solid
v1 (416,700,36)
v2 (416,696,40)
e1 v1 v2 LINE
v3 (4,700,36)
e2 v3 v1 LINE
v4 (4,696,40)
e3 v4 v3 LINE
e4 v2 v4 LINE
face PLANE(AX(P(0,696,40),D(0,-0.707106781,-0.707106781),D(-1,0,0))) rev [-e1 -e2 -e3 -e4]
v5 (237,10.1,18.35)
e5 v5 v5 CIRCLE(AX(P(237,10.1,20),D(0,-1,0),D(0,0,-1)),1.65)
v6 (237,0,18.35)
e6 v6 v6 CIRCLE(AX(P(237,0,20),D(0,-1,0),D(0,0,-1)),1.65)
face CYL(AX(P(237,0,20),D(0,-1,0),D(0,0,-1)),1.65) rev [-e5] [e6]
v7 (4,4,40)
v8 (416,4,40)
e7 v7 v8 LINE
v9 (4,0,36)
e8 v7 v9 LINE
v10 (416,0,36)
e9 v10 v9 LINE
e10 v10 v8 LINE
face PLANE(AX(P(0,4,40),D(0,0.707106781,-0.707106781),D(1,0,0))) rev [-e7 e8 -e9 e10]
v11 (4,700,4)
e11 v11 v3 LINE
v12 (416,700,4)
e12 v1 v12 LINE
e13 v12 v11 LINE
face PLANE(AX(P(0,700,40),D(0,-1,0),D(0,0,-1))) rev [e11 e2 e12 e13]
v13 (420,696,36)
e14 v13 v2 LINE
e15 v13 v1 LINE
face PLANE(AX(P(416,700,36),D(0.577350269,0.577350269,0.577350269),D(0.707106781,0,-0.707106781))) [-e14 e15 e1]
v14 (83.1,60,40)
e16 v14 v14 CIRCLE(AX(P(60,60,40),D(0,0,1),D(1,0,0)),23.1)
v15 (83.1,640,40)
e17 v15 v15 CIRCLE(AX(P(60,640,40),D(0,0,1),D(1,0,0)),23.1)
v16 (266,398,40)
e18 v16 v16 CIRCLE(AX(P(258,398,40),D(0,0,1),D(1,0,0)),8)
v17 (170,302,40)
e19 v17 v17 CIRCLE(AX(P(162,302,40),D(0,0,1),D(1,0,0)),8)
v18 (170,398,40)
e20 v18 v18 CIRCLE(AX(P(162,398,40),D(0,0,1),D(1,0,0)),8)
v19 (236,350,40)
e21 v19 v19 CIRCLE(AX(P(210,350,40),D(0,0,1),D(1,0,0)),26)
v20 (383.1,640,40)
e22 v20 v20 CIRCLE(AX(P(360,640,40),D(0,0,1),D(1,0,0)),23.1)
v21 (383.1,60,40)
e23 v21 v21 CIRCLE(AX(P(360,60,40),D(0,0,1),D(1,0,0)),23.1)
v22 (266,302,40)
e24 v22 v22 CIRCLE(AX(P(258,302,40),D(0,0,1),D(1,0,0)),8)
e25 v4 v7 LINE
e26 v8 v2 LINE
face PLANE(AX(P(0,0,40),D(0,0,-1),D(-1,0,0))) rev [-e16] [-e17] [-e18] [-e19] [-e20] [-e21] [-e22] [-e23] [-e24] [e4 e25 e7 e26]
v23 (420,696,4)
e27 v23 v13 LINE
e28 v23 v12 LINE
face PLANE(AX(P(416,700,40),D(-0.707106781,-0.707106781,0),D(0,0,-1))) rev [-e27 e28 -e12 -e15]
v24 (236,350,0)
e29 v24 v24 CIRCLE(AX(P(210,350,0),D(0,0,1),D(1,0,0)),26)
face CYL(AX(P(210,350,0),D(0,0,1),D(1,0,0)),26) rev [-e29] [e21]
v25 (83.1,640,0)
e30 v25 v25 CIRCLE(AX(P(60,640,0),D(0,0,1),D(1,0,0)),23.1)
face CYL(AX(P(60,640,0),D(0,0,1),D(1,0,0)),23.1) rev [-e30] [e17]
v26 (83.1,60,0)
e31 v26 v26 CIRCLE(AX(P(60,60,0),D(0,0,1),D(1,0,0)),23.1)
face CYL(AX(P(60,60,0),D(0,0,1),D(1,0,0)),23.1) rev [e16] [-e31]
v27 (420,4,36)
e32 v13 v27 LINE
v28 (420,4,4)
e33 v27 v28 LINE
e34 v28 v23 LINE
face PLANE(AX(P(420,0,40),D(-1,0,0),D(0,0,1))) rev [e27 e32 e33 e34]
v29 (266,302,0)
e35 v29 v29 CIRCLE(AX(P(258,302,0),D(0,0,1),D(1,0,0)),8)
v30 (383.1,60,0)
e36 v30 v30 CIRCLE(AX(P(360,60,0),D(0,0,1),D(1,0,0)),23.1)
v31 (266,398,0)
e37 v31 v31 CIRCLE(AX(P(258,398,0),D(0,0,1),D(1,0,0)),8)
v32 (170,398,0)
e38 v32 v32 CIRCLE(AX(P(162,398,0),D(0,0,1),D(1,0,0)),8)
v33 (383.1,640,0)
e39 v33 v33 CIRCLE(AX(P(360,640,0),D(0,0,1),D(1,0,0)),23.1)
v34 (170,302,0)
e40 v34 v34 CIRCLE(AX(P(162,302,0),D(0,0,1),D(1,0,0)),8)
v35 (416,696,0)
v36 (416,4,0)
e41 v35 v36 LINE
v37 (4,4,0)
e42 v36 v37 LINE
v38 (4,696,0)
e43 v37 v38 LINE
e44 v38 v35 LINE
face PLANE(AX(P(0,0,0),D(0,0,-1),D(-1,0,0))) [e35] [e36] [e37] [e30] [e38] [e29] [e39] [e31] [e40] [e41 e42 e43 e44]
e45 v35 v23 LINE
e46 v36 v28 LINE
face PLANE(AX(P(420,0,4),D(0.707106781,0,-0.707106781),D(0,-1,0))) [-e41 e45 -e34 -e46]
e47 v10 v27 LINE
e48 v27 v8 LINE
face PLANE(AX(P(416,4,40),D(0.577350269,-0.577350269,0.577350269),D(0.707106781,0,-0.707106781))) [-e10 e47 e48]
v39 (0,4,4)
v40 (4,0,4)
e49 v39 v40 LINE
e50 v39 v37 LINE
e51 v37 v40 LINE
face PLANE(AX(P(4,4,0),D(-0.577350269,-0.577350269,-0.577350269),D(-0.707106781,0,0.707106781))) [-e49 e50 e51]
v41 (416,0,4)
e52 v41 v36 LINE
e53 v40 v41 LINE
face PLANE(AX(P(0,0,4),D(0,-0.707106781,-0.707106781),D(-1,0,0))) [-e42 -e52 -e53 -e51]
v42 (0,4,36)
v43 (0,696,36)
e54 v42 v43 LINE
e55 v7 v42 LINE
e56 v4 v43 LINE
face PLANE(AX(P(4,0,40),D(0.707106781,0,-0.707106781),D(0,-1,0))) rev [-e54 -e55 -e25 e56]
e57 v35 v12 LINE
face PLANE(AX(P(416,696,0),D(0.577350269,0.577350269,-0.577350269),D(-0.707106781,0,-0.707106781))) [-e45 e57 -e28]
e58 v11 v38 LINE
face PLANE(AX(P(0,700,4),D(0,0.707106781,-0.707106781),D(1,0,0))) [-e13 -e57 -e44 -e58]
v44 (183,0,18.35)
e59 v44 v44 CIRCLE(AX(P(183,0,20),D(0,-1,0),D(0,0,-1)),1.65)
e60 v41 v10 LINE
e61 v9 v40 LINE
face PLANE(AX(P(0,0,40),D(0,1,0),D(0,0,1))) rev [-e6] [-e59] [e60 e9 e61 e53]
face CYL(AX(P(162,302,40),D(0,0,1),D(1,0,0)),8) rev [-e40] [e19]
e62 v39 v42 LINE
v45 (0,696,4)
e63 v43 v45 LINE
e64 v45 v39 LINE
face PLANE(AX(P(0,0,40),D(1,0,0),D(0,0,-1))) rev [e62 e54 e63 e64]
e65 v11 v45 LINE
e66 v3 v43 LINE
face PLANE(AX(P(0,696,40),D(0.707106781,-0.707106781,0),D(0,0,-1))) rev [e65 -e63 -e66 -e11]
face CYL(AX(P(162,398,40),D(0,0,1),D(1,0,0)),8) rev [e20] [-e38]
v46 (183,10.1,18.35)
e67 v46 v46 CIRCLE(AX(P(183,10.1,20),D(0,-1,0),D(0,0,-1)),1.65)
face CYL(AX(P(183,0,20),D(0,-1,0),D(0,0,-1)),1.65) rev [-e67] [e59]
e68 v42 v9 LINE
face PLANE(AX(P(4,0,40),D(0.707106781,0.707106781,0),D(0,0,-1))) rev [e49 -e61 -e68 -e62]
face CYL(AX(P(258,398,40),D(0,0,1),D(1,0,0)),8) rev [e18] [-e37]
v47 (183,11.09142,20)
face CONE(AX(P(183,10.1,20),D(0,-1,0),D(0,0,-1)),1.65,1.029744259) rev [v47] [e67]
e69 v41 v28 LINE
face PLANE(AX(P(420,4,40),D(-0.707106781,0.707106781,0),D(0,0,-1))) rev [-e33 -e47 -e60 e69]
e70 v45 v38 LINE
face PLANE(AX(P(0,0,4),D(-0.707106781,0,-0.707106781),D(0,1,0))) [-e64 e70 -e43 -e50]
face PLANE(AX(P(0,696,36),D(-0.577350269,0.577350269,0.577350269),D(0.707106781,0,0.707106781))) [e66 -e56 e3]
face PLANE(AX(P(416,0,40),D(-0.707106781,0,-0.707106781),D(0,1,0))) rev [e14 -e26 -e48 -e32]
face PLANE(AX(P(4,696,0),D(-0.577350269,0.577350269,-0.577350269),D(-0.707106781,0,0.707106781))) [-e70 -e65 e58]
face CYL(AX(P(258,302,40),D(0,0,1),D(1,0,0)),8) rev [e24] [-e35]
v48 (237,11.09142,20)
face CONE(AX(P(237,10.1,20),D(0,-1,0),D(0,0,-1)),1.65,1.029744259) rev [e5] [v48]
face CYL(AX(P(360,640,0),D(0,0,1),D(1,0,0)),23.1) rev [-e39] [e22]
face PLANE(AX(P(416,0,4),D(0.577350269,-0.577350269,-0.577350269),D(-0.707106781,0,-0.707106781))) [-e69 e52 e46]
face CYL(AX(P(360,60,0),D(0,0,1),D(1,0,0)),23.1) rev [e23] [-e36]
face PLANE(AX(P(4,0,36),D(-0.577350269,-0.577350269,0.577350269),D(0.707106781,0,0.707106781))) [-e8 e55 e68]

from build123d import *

# Parameters (mm, degrees)
SKETCH_1_W             = 420
SKETCH_1_H             = 700
EXTRUDE_1_DEPTH        = 40
SKETCH_2_R             = 23.1
CUT_EXTRUDE_1_DEPTH    = 818.312669668
SKETCH_3_R             = 26
CUT_EXTRUDE_2_DEPTH    = 818.312669668
M18X2_0_1_D            = 16
CHAMFER_1_SIZE         = 4
HOLE_WIZARD_M4_1_D     = 3.3
HOLE_WIZARD_M4_1_DEPTH = 10.1
HOLE_WIZARD_M4_1_TIP   = 0.991420021


with BuildPart() as part:
    # 草图1 → 凸台-拉伸1 (new body)
    with BuildSketch(Plane.XY):
        with Locations((210, 350)):
            Rectangle(SKETCH_1_W, SKETCH_1_H)
    extrude(amount=EXTRUDE_1_DEPTH)

    # 草图2 → 切除-拉伸1 (cut, through all)
    with BuildSketch(Plane.XY.offset(40)):
        with Locations((60, 60)):
            Circle(SKETCH_2_R)
        with Locations((360, 60)):
            Circle(SKETCH_2_R)
        with Locations((360, 640)):
            Circle(SKETCH_2_R)
        with Locations((60, 640)):
            Circle(SKETCH_2_R)
    extrude(amount=-CUT_EXTRUDE_1_DEPTH, mode=Mode.SUBTRACT)

    # 草图3 → 切除-拉伸2 (cut, through all)
    with BuildSketch(Plane.XY.offset(40)):
        with Locations((210, 350)):
            Circle(SKETCH_3_R)
    extrude(amount=-CUT_EXTRUDE_2_DEPTH, mode=Mode.SUBTRACT)

    # M18x2.0 螺纹孔1 (through all)
    with Locations(Plane.XY.offset(40)):
        with Locations((162, 398), (258, 398), (258, 302), (162, 302)):
            Hole(M18X2_0_1_D / 2)

    # 倒角1
    chamfer_1_edges = [part.edges().sort_by_distance(p)[0] for p in [
        (420, 350, 40),
        (210, 700, 40),
        (0, 350, 40),
        (210, 700, 0),
        (420, 350, 0),
        (210, 0, 0),
        (0, 350, 0),
        (210, 0, 40),
        (0, 700, 20),
        (420, 700, 20),
        (420, 0, 20),
        (0, 0, 20),
    ]]
    chamfer(chamfer_1_edges, length=CHAMFER_1_SIZE)

    # M4 螺纹孔1
    with Locations(Plane(origin=(0, 0, 0), x_dir=(-1, 0, 0), z_dir=(0, -1, 0))):
        with Locations((-237, -20), (-183, -20)):
            Hole(HOLE_WIZARD_M4_1_D / 2, depth=HOLE_WIZARD_M4_1_DEPTH)
            with Locations((0, 0, -(HOLE_WIZARD_M4_1_DEPTH + HOLE_WIZARD_M4_1_TIP / 2))):  # 118° drill point
                Cone(0, HOLE_WIZARD_M4_1_D / 2, HOLE_WIZARD_M4_1_TIP, mode=Mode.SUBTRACT)


solid = part.part
